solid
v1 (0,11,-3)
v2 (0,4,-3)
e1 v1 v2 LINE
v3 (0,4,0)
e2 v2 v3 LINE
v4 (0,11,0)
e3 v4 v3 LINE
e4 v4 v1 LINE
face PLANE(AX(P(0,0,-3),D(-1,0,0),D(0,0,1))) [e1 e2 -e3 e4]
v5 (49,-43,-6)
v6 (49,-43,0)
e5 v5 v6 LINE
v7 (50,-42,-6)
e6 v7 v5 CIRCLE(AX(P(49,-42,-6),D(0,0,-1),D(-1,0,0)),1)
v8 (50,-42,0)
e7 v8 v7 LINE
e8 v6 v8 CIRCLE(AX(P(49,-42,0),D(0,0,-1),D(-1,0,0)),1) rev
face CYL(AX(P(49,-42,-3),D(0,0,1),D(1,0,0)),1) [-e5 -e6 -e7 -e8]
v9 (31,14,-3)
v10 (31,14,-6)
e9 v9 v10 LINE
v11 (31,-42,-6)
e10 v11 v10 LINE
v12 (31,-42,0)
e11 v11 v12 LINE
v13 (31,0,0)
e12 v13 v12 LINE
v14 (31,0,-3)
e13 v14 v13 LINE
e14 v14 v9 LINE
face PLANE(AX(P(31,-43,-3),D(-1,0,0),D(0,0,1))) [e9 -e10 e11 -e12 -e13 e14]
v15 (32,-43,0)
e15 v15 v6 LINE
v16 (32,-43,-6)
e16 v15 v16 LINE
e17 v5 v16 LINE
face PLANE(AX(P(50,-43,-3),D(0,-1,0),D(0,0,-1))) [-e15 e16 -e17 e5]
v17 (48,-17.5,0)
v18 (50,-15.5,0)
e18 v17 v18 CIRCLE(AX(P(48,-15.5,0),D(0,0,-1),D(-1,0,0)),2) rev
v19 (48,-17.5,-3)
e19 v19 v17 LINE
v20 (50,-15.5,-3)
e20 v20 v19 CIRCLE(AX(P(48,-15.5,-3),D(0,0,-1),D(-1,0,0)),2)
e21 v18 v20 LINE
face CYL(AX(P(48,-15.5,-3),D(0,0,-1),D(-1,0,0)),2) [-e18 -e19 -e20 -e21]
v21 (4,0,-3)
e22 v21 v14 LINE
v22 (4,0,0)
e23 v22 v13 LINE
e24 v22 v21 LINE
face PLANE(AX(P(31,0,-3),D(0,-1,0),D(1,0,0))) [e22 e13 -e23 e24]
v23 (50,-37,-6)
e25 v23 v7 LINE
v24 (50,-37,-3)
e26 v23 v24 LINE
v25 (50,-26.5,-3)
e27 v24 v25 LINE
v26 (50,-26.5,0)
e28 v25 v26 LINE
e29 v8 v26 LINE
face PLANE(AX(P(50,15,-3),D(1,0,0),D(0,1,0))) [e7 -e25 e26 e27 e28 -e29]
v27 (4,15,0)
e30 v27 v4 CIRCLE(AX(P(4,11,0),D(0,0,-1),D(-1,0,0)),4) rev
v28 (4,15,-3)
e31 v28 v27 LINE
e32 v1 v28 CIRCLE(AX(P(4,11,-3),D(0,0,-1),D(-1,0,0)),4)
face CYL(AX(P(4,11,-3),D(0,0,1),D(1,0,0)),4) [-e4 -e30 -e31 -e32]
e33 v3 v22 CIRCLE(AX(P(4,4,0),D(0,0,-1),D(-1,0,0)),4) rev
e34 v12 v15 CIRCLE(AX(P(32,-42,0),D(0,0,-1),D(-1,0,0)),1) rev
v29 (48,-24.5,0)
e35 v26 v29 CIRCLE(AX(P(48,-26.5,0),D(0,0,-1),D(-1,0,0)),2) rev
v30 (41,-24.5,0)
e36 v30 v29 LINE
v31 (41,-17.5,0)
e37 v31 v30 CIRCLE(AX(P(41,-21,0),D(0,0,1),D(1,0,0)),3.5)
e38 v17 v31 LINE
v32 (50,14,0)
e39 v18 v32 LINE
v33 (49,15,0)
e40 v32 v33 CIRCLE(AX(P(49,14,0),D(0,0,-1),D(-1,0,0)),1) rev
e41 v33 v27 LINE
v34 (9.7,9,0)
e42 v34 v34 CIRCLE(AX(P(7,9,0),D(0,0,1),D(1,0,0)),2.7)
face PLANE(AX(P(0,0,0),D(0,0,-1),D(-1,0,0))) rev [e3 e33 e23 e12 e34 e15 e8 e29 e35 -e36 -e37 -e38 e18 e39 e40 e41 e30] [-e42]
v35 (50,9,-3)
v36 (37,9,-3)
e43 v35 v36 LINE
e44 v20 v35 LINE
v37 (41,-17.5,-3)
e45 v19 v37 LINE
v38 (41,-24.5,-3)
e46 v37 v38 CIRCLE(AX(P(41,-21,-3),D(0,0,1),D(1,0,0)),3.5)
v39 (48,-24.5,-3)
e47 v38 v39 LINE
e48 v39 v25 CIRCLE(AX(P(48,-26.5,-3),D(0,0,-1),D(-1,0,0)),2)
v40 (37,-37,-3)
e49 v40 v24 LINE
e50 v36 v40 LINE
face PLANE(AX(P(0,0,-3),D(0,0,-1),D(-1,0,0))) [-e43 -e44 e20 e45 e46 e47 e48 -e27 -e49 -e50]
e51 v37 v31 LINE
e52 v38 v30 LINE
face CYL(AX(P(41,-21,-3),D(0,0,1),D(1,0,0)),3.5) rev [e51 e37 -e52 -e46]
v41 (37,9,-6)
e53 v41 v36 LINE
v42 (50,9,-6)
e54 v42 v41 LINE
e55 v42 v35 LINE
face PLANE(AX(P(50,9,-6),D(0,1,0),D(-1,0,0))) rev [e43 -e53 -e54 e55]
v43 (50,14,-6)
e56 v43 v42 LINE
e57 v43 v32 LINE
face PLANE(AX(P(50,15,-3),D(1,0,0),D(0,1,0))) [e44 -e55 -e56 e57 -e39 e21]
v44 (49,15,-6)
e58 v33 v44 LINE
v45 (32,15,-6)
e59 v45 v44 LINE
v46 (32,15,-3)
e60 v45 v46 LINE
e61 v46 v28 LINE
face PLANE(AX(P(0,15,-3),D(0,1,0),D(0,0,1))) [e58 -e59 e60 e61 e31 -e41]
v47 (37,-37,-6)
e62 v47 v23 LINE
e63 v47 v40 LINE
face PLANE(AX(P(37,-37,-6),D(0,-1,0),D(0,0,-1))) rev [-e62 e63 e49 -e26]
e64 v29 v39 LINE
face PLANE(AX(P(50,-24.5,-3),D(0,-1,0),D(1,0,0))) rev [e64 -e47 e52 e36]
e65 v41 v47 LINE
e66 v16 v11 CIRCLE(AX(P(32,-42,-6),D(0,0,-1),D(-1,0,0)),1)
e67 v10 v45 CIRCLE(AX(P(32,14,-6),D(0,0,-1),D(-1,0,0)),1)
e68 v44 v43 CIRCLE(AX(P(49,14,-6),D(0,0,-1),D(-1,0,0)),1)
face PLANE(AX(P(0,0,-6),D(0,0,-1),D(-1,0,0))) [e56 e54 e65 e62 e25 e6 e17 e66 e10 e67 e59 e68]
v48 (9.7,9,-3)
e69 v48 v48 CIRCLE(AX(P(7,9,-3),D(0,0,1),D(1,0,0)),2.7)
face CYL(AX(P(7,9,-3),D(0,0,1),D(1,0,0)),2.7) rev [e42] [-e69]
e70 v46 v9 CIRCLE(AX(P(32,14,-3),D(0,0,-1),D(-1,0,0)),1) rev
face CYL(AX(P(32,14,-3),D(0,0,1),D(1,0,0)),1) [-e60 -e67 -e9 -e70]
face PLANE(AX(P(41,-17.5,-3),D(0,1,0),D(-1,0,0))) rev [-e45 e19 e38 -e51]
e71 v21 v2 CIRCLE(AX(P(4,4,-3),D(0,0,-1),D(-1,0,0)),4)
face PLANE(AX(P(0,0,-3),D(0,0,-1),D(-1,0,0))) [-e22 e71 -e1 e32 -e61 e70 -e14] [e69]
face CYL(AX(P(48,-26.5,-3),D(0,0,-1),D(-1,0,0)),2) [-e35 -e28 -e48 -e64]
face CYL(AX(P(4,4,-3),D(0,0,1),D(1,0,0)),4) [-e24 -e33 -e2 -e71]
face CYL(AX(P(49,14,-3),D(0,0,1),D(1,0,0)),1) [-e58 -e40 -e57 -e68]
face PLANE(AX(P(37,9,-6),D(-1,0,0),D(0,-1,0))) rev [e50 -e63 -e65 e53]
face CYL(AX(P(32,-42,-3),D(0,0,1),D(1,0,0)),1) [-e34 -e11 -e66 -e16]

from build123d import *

# Parameters (mm, degrees)
SKETCH1_R           = 2.7
BOSS_EXTRUDE1_DEPTH = 3
BOSS_EXTRUDE2_DEPTH = 3
CUT_EXTRUDE1_DEPTH  = 3
FILLET1_R           = 4
FILLET2_R           = 2
FILLET3_R           = 1


with BuildPart() as part:
    # Sketch1 → Boss-Extrude1 (new body)
    with BuildSketch(Plane.XY):
        Polygon((0, 0), (0, 15), (50, 15), (50, -43), (31, -43), (31, 0), align=None)
        with Locations((7, 9)):
            Circle(SKETCH1_R, mode=Mode.SUBTRACT)
    extrude(amount=-BOSS_EXTRUDE1_DEPTH)

    # Sketch2 → Boss-Extrude2 (add)
    with BuildSketch(Plane(origin=(0, 0, -3), x_dir=(-1, 0, 0), z_dir=(0, 0, -1))):
        Polygon((-50, 15), (-50, 9), (-37, 9), (-37, -37), (-50, -37), (-50, -43), (-31, -43), (-31, 15), align=None)
    extrude(amount=BOSS_EXTRUDE2_DEPTH)

    # Sketch3 → Cut-Extrude1 (cut)
    with BuildSketch(Plane.XY):
        with BuildLine():
            Line((41, -17.5), (50, -17.5))
            Line((50, -17.5), (50, -24.5))
            Line((50, -24.5), (41, -24.5))
            ThreePointArc((41, -24.5), (37.5, -21), (41, -17.5))
        make_face()
    extrude(amount=-CUT_EXTRUDE1_DEPTH, mode=Mode.SUBTRACT)

    # Fillet1
    fillet1_edges = [part.edges().sort_by_distance(p)[0] for p in [
        (0, 0, -1.5),
        (0, 15, -1.5),
    ]]
    fillet(fillet1_edges, radius=FILLET1_R)

    # Fillet2
    fillet2_edges = [part.edges().sort_by_distance(p)[0] for p in [
        (50, -17.5, -1.5),
        (50, -24.5, -1.5),
    ]]
    fillet(fillet2_edges, radius=FILLET2_R)

    # Fillet3
    fillet3_edges = [part.edges().sort_by_distance(p)[0] for p in [
        (50, 15, -3),
        (50, -43, -3),
        (31, -43, -3),
        (31, 15, -4.5),
    ]]
    fillet(fillet3_edges, radius=FILLET3_R)


solid = part.part
